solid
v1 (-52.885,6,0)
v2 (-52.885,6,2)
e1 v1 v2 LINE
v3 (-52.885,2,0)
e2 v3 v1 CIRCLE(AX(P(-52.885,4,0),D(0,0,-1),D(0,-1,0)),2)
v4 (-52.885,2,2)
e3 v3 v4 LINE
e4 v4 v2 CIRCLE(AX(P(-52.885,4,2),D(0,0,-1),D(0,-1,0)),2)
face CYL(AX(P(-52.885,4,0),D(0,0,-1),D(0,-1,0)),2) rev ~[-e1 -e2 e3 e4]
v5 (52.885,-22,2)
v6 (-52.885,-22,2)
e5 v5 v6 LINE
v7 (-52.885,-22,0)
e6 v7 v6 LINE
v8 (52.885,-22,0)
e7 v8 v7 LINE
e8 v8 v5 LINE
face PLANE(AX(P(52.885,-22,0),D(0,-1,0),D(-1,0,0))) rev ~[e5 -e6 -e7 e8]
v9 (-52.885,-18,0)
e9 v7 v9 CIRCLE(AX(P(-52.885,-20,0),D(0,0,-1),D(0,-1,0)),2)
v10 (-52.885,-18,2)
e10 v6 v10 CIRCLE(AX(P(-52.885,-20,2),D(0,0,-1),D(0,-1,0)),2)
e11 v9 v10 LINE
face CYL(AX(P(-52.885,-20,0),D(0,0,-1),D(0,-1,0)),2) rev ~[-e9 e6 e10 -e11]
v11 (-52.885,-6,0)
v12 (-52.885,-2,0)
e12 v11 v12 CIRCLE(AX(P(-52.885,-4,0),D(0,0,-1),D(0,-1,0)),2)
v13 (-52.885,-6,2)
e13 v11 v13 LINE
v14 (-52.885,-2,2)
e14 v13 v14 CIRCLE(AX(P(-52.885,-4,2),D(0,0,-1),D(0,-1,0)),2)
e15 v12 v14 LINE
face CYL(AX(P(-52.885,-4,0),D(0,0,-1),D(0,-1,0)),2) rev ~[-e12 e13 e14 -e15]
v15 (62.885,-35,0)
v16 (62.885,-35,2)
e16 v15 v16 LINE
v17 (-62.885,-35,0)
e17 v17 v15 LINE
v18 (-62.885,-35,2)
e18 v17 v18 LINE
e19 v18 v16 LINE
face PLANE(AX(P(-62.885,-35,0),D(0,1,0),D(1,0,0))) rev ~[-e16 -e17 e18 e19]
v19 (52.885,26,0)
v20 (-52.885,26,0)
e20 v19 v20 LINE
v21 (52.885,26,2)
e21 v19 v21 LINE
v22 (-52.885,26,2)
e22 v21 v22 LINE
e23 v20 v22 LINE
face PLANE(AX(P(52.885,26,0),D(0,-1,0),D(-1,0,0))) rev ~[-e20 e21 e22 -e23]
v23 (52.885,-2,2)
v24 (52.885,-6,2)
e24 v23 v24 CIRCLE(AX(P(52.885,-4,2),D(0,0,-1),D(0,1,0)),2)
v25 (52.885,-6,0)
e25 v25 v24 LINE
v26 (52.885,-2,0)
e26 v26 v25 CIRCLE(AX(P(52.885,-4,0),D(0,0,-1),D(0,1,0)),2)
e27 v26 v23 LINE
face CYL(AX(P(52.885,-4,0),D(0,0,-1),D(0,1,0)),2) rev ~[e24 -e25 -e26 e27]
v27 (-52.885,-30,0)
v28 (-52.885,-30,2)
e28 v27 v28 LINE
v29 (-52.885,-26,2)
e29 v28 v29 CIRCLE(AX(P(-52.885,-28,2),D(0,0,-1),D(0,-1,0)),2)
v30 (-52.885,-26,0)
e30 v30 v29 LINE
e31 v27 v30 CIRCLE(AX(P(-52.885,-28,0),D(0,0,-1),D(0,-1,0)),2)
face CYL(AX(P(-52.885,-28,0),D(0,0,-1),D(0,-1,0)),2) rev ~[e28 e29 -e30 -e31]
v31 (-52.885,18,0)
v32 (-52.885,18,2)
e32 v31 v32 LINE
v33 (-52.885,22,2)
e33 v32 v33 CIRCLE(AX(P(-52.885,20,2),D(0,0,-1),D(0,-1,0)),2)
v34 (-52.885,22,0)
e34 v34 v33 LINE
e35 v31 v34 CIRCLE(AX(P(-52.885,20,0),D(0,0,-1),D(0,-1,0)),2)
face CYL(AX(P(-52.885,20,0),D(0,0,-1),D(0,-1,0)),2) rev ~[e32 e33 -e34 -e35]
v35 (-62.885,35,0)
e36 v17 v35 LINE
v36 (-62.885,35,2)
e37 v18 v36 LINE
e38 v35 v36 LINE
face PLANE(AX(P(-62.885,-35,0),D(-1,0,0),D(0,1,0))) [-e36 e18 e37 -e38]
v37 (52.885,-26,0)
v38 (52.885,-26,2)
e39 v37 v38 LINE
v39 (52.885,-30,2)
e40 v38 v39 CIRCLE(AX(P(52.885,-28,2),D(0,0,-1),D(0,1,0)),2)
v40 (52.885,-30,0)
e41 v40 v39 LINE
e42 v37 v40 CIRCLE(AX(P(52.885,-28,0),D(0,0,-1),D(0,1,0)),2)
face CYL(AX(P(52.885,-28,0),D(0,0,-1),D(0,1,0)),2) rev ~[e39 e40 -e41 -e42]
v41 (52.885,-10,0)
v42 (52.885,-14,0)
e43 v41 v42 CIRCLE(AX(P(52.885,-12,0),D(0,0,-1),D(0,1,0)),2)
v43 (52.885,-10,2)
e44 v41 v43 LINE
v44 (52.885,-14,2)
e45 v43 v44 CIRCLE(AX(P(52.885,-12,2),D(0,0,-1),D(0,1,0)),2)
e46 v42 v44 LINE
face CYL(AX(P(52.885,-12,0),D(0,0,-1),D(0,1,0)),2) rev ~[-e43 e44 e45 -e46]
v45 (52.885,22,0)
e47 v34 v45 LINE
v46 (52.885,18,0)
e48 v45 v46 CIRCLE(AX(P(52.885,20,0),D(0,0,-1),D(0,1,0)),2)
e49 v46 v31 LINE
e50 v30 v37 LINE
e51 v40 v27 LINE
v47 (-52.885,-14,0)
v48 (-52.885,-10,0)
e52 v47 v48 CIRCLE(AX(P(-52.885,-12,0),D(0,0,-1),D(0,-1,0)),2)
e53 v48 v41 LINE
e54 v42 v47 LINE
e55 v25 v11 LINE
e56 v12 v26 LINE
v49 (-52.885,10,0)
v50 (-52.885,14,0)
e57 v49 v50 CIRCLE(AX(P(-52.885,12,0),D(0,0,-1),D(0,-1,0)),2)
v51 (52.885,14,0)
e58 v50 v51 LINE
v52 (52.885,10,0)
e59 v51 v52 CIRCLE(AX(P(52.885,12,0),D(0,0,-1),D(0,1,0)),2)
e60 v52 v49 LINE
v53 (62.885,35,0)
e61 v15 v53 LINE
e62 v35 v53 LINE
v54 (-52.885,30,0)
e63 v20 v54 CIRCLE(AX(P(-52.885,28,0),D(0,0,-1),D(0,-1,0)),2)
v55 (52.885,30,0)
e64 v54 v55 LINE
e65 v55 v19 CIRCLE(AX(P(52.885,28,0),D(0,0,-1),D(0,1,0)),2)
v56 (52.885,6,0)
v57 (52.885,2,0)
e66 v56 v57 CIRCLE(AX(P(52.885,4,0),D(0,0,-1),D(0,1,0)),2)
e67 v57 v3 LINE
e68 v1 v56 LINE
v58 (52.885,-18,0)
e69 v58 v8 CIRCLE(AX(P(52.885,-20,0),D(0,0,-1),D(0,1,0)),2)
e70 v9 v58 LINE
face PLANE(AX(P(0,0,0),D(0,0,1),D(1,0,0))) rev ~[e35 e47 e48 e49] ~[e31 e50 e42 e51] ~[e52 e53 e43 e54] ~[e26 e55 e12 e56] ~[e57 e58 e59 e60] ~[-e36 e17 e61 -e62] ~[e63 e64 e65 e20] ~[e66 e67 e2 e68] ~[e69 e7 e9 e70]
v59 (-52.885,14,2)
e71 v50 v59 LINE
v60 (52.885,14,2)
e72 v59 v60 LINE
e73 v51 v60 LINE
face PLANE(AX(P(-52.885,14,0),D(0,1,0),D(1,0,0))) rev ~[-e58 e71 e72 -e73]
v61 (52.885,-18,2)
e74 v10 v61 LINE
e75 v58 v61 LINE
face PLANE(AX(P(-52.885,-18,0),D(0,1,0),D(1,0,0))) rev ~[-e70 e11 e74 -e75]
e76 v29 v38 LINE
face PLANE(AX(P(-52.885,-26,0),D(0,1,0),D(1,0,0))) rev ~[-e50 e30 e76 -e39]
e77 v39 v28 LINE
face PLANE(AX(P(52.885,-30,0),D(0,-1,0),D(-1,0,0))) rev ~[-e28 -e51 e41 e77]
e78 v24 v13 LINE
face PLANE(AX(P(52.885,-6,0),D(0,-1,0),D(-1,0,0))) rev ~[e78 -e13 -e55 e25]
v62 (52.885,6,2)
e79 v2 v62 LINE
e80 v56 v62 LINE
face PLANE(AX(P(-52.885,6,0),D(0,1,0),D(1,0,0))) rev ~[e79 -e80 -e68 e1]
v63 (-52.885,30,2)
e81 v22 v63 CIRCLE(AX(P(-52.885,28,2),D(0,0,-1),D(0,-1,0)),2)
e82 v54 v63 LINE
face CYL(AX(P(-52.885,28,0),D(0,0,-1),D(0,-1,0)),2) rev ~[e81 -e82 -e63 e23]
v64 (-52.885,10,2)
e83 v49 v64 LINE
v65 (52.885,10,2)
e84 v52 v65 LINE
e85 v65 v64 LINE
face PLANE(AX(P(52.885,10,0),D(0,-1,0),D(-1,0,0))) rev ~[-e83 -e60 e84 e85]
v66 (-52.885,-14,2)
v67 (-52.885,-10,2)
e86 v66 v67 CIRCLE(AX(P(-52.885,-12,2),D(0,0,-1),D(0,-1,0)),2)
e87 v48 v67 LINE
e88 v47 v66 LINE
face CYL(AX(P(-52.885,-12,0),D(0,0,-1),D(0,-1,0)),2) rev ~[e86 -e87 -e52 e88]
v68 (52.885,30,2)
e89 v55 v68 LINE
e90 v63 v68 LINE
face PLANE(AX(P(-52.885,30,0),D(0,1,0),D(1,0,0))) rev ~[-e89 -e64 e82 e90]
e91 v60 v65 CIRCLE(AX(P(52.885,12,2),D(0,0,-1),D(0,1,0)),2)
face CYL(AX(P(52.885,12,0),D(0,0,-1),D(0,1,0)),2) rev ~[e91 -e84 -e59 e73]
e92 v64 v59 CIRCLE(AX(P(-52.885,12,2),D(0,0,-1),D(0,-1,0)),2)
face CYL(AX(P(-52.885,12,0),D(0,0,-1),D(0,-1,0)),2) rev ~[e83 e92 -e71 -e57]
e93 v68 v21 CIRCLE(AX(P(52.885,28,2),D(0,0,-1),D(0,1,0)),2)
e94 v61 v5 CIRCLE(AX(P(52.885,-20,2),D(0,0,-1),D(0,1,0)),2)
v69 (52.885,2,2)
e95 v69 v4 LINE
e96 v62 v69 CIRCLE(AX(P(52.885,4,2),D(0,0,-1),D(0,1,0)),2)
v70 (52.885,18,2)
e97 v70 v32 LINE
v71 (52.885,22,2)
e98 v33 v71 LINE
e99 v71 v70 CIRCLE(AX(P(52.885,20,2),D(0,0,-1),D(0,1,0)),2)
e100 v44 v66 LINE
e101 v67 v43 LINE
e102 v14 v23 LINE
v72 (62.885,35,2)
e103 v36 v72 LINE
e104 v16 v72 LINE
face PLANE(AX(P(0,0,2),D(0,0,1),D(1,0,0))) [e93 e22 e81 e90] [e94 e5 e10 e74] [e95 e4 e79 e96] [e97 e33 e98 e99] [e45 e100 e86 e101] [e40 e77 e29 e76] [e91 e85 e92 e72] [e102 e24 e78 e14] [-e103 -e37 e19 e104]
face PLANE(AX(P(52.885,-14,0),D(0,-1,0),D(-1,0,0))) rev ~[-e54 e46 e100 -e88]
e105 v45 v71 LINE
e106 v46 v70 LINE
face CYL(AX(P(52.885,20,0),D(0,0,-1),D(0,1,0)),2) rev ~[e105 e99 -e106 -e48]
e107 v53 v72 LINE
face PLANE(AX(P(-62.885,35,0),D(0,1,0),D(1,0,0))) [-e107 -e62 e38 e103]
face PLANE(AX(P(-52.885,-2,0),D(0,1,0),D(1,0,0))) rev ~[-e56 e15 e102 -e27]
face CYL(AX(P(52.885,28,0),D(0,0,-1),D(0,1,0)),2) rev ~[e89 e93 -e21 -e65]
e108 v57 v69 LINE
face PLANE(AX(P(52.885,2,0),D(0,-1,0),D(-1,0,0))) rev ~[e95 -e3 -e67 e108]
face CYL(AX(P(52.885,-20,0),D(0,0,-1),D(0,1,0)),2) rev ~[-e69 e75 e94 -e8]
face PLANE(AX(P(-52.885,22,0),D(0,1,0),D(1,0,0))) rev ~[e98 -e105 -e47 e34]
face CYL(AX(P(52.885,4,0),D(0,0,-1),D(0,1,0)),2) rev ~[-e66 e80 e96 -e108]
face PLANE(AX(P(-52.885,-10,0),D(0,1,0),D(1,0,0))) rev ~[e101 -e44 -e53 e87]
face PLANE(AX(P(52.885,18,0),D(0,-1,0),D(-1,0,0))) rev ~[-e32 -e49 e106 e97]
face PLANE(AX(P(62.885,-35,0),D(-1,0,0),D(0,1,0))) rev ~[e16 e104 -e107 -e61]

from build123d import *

# Parameters (mm, degrees)
SKETCH_1_W      = 125.77
SKETCH_1_H      = 70
EXTRUDE_1_DEPTH = 2


with BuildPart() as part:
    # 草图1 → 凸台-拉伸1 (new body)
    with BuildSketch(Plane.XY):
        Rectangle(SKETCH_1_W, SKETCH_1_H)
        with BuildLine():
            Line((-52.885, -18), (52.885, -18))
            ThreePointArc((52.885, -18), (54.885, -20), (52.885, -22))
            Line((52.885, -22), (-52.885, -22))
            ThreePointArc((-52.885, -22), (-54.885, -20), (-52.885, -18))
        make_face(mode=Mode.SUBTRACT)
        with BuildLine():
            Line((-52.885, -10), (52.885, -10))
            ThreePointArc((52.885, -10), (54.885, -12), (52.885, -14))
            Line((52.885, -14), (-52.885, -14))
            ThreePointArc((-52.885, -14), (-54.885, -12), (-52.885, -10))
        make_face(mode=Mode.SUBTRACT)
        with BuildLine():
            Line((-52.885, -2), (52.885, -2))
            ThreePointArc((52.885, -2), (54.885, -4), (52.885, -6))
            Line((52.885, -6), (-52.885, -6))
            ThreePointArc((-52.885, -6), (-54.885, -4), (-52.885, -2))
        make_face(mode=Mode.SUBTRACT)
        with BuildLine():
            Line((-52.885, 6), (52.885, 6))
            ThreePointArc((52.885, 6), (54.885, 4), (52.885, 2))
            Line((52.885, 2), (-52.885, 2))
            ThreePointArc((-52.885, 2), (-54.885, 4), (-52.885, 6))
        make_face(mode=Mode.SUBTRACT)
        with BuildLine():
            Line((-52.885, 14), (52.885, 14))
            ThreePointArc((52.885, 14), (54.885, 12), (52.885, 10))
            Line((52.885, 10), (-52.885, 10))
            ThreePointArc((-52.885, 10), (-54.885, 12), (-52.885, 14))
        make_face(mode=Mode.SUBTRACT)
        with BuildLine():
            Line((-52.885, 22), (52.885, 22))
            ThreePointArc((52.885, 22), (54.885, 20), (52.885, 18))
            Line((52.885, 18), (-52.885, 18))
            ThreePointArc((-52.885, 18), (-54.885, 20), (-52.885, 22))
        make_face(mode=Mode.SUBTRACT)
        with BuildLine():
            Line((-52.885, 30), (52.885, 30))
            ThreePointArc((52.885, 30), (54.885, 28), (52.885, 26))
            Line((52.885, 26), (-52.885, 26))
            ThreePointArc((-52.885, 26), (-54.885, 28), (-52.885, 30))
        make_face(mode=Mode.SUBTRACT)
        with BuildLine():
            Line((-52.885, -26), (52.885, -26))
            ThreePointArc((52.885, -26), (54.885, -28), (52.885, -30))
            Line((52.885, -30), (-52.885, -30))
            ThreePointArc((-52.885, -30), (-54.885, -28), (-52.885, -26))
        make_face(mode=Mode.SUBTRACT)
    extrude(amount=EXTRUDE_1_DEPTH)


solid = part.part
